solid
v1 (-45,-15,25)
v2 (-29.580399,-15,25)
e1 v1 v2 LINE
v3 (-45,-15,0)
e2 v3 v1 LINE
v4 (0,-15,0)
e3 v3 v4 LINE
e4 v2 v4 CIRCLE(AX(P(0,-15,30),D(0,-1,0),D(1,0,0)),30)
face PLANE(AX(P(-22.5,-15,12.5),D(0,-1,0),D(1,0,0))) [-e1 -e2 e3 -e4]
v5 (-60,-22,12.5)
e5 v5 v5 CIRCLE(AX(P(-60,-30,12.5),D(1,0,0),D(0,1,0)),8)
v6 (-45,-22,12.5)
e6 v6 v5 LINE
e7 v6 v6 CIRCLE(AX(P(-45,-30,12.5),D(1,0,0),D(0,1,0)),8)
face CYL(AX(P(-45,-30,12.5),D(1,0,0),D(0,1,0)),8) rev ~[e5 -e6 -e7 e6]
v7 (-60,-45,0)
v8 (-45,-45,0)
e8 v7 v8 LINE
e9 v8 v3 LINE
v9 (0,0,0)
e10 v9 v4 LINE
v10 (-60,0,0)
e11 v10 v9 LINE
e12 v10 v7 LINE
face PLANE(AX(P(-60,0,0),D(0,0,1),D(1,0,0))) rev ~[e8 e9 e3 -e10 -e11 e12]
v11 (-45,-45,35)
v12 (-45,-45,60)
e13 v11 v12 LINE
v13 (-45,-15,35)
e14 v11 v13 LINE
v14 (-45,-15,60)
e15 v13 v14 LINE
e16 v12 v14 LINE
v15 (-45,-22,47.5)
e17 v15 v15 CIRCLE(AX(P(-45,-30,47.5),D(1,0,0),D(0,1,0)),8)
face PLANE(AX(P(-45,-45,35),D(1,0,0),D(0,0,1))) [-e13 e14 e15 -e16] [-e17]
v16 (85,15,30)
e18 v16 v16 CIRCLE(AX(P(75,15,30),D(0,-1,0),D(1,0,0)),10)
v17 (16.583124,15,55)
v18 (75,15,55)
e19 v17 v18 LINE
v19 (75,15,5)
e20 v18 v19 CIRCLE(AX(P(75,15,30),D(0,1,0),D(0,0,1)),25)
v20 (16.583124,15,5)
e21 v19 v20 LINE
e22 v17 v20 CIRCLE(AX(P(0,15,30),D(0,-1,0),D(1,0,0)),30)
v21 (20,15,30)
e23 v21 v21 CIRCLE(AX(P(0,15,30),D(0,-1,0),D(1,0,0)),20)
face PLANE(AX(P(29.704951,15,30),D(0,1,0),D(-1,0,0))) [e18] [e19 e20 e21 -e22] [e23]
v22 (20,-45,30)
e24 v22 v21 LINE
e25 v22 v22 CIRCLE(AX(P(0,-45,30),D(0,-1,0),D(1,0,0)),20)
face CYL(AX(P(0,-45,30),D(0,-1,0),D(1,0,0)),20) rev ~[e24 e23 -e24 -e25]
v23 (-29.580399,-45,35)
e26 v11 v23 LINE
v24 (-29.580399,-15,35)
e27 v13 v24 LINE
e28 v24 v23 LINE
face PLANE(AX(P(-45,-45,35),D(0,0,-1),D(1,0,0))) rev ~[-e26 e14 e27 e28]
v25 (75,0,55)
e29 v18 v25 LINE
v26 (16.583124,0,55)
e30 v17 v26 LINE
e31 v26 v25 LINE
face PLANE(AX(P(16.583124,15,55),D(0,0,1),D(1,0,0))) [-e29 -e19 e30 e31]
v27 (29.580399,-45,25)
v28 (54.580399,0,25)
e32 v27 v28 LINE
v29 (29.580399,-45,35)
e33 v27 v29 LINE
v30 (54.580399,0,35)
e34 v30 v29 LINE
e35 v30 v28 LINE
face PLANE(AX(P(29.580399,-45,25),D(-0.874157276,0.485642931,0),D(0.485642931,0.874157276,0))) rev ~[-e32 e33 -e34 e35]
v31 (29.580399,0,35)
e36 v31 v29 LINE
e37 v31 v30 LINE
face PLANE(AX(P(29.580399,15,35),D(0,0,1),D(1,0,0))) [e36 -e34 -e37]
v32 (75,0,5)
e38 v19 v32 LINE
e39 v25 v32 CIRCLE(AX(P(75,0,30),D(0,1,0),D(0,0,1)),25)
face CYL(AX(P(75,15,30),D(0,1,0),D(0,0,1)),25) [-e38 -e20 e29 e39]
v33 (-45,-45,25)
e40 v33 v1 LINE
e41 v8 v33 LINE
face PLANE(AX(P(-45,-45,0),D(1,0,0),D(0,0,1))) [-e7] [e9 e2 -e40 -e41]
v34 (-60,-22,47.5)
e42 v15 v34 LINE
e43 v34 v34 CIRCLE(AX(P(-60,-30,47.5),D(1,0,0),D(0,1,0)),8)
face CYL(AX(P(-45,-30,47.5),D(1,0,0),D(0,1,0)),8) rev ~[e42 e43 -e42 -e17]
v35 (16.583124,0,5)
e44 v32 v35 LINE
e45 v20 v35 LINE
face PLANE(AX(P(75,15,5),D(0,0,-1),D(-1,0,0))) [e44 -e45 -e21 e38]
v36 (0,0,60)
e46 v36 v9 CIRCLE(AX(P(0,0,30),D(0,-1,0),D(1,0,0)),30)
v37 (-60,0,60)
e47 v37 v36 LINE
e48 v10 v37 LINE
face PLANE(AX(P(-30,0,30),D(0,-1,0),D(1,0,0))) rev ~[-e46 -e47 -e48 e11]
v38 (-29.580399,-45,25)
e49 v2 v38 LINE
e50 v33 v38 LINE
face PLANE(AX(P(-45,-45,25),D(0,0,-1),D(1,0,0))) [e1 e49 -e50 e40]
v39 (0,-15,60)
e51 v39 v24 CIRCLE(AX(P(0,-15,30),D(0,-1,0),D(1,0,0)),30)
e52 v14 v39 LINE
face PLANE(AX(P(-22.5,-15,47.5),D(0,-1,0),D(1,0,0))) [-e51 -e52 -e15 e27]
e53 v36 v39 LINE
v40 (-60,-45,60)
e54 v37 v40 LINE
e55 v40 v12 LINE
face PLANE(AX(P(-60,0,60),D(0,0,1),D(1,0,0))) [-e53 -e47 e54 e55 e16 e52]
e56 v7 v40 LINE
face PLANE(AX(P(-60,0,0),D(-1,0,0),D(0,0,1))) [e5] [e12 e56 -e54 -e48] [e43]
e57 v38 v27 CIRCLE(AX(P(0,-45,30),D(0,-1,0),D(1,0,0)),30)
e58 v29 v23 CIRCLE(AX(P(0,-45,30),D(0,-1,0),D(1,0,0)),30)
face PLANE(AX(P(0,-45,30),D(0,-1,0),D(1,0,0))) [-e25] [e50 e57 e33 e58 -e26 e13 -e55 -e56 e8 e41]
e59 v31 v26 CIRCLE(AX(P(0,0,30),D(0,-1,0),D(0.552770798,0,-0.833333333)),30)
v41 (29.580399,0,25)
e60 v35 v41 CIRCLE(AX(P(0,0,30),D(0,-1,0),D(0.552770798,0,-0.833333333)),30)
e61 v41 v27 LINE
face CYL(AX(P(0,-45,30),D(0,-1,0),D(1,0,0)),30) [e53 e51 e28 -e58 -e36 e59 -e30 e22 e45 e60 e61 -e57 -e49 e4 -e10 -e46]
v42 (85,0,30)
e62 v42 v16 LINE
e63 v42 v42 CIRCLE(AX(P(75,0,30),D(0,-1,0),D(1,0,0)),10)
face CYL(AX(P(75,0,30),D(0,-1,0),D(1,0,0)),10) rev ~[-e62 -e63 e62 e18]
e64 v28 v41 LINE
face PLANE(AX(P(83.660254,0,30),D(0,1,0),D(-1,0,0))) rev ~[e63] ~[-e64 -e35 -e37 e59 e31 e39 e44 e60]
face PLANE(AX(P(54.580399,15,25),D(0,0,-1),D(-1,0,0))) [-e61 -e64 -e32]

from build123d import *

# Parameters (mm, degrees)
F0_W      = 60
F0_H      = 60
F1_DEPTH  = 45
F2_W      = 45
F2_H      = 25
F3_DEPTH  = 30
F4_R      = 8
F5_DEPTH  = 15
F6_R      = 8
F7_DEPTH  = 25
F8_R      = 30
F9_DEPTH  = 60
F10_R     = 20
F11_DEPTH = 60
F13_DEPTH = 15
F14_R     = 10
F15_DEPTH = 25
F17_DEPTH = 60
F19_DEPTH = 25


with BuildPart() as f1:
    # F0 (on Front) → F1 (new body)
    with BuildSketch(Plane.XZ):
        with Locations((-30, 30)):
            Rectangle(F0_W, F0_H)
    extrude(amount=F1_DEPTH)

    # F2 (on face) → F3 (cut)
    with BuildSketch(Plane.XZ.offset(45)):
        with Locations((-22.5, 12.5)):
            Rectangle(F2_W, F2_H)
        with Locations((-22.5, 47.5)):
            Rectangle(F2_W, F2_H)
    extrude(amount=-F3_DEPTH, mode=Mode.SUBTRACT)

    # F4 (on face) → F5 (cut)
    with BuildSketch(Plane.YZ.offset(-45)):
        with Locations((-30, 12.5)):
            Circle(F4_R)
    extrude(amount=-F5_DEPTH, mode=Mode.SUBTRACT)

    # F6 (on face) → F7 (cut)
    with BuildSketch(Plane.YZ.offset(-45)):
        with Locations((-30, 47.5)):
            Circle(F6_R)
    extrude(amount=-F7_DEPTH, mode=Mode.SUBTRACT)

    # F8 (on face) → F9 (join)
    with BuildSketch(Plane.XZ.offset(45)):
        with Locations((0, 30)):
            Circle(F8_R)
    extrude(amount=-F9_DEPTH)

    # F10 (on face) → F11 (cut)
    with BuildSketch(Plane.XZ.offset(45)):
        with Locations((0, 30)):
            Circle(F10_R)
    extrude(amount=-F11_DEPTH, mode=Mode.SUBTRACT)

    # F12 (on face) → F13 (join)
    with BuildSketch(Plane(origin=(0, 15, 0), x_dir=(-1, 0, 0), z_dir=(0, 1, 0))):
        with BuildLine():
            Line((-75, 5), (-75, 30))
            Line((-75, 30), (-75, 55))
            ThreePointArc((-75, 55), (-100, 30), (-75, 5))
        make_face()
        with BuildLine():
            Line((-75, 55), (-75, 30))
            Line((-75, 30), (-75, 5))
            Line((-75, 5), (-16.5831239518, 5))
            ThreePointArc((-16.5831239518, 5), (-30, 30), (-16.5831239518, 55))
            Line((-16.5831239518, 55), (-75, 55))
        make_face()
    extrude(amount=-F13_DEPTH)

    # F14 (on face) → F15 (cut)
    with BuildSketch(Plane.XZ):
        with Locations((75, 30)):
            Circle(F14_R)
    extrude(amount=-F15_DEPTH, mode=Mode.SUBTRACT)

    # F16 (on face) → F17 (join)
    with BuildSketch(Plane(origin=(0, 15, 0), x_dir=(-1, 0, 0), z_dir=(0, 1, 0))):
        with BuildLine():
            Line((-29.5803989155, 25), (-29.5803989155, 35))
            ThreePointArc((-29.5803989155, 35), (-30, 30), (-29.5803989155, 25))
        make_face()
        with BuildLine():
            ThreePointArc((-29.5803989155, 25), (-30, 30), (-29.5803989155, 35))
            Line((-29.5803989155, 35), (-54.5803989155, 35))
            Line((-54.5803989155, 35), (-54.5803989155, 25))
            Line((-54.5803989155, 25), (-29.5803989155, 25))
        make_face()
    extrude(amount=-F17_DEPTH)

    # F18 (on face) → F19 (cut)
    with BuildSketch(Plane(origin=(0, 0, 25), x_dir=(1, 0, 0), z_dir=(0, 0, -1))):
        Polygon((54.5803989155, 45), (29.5803989155, 45), (54.5803989155, 0), align=None)
    extrude(amount=-F19_DEPTH, mode=Mode.SUBTRACT)


solid = f1.part
